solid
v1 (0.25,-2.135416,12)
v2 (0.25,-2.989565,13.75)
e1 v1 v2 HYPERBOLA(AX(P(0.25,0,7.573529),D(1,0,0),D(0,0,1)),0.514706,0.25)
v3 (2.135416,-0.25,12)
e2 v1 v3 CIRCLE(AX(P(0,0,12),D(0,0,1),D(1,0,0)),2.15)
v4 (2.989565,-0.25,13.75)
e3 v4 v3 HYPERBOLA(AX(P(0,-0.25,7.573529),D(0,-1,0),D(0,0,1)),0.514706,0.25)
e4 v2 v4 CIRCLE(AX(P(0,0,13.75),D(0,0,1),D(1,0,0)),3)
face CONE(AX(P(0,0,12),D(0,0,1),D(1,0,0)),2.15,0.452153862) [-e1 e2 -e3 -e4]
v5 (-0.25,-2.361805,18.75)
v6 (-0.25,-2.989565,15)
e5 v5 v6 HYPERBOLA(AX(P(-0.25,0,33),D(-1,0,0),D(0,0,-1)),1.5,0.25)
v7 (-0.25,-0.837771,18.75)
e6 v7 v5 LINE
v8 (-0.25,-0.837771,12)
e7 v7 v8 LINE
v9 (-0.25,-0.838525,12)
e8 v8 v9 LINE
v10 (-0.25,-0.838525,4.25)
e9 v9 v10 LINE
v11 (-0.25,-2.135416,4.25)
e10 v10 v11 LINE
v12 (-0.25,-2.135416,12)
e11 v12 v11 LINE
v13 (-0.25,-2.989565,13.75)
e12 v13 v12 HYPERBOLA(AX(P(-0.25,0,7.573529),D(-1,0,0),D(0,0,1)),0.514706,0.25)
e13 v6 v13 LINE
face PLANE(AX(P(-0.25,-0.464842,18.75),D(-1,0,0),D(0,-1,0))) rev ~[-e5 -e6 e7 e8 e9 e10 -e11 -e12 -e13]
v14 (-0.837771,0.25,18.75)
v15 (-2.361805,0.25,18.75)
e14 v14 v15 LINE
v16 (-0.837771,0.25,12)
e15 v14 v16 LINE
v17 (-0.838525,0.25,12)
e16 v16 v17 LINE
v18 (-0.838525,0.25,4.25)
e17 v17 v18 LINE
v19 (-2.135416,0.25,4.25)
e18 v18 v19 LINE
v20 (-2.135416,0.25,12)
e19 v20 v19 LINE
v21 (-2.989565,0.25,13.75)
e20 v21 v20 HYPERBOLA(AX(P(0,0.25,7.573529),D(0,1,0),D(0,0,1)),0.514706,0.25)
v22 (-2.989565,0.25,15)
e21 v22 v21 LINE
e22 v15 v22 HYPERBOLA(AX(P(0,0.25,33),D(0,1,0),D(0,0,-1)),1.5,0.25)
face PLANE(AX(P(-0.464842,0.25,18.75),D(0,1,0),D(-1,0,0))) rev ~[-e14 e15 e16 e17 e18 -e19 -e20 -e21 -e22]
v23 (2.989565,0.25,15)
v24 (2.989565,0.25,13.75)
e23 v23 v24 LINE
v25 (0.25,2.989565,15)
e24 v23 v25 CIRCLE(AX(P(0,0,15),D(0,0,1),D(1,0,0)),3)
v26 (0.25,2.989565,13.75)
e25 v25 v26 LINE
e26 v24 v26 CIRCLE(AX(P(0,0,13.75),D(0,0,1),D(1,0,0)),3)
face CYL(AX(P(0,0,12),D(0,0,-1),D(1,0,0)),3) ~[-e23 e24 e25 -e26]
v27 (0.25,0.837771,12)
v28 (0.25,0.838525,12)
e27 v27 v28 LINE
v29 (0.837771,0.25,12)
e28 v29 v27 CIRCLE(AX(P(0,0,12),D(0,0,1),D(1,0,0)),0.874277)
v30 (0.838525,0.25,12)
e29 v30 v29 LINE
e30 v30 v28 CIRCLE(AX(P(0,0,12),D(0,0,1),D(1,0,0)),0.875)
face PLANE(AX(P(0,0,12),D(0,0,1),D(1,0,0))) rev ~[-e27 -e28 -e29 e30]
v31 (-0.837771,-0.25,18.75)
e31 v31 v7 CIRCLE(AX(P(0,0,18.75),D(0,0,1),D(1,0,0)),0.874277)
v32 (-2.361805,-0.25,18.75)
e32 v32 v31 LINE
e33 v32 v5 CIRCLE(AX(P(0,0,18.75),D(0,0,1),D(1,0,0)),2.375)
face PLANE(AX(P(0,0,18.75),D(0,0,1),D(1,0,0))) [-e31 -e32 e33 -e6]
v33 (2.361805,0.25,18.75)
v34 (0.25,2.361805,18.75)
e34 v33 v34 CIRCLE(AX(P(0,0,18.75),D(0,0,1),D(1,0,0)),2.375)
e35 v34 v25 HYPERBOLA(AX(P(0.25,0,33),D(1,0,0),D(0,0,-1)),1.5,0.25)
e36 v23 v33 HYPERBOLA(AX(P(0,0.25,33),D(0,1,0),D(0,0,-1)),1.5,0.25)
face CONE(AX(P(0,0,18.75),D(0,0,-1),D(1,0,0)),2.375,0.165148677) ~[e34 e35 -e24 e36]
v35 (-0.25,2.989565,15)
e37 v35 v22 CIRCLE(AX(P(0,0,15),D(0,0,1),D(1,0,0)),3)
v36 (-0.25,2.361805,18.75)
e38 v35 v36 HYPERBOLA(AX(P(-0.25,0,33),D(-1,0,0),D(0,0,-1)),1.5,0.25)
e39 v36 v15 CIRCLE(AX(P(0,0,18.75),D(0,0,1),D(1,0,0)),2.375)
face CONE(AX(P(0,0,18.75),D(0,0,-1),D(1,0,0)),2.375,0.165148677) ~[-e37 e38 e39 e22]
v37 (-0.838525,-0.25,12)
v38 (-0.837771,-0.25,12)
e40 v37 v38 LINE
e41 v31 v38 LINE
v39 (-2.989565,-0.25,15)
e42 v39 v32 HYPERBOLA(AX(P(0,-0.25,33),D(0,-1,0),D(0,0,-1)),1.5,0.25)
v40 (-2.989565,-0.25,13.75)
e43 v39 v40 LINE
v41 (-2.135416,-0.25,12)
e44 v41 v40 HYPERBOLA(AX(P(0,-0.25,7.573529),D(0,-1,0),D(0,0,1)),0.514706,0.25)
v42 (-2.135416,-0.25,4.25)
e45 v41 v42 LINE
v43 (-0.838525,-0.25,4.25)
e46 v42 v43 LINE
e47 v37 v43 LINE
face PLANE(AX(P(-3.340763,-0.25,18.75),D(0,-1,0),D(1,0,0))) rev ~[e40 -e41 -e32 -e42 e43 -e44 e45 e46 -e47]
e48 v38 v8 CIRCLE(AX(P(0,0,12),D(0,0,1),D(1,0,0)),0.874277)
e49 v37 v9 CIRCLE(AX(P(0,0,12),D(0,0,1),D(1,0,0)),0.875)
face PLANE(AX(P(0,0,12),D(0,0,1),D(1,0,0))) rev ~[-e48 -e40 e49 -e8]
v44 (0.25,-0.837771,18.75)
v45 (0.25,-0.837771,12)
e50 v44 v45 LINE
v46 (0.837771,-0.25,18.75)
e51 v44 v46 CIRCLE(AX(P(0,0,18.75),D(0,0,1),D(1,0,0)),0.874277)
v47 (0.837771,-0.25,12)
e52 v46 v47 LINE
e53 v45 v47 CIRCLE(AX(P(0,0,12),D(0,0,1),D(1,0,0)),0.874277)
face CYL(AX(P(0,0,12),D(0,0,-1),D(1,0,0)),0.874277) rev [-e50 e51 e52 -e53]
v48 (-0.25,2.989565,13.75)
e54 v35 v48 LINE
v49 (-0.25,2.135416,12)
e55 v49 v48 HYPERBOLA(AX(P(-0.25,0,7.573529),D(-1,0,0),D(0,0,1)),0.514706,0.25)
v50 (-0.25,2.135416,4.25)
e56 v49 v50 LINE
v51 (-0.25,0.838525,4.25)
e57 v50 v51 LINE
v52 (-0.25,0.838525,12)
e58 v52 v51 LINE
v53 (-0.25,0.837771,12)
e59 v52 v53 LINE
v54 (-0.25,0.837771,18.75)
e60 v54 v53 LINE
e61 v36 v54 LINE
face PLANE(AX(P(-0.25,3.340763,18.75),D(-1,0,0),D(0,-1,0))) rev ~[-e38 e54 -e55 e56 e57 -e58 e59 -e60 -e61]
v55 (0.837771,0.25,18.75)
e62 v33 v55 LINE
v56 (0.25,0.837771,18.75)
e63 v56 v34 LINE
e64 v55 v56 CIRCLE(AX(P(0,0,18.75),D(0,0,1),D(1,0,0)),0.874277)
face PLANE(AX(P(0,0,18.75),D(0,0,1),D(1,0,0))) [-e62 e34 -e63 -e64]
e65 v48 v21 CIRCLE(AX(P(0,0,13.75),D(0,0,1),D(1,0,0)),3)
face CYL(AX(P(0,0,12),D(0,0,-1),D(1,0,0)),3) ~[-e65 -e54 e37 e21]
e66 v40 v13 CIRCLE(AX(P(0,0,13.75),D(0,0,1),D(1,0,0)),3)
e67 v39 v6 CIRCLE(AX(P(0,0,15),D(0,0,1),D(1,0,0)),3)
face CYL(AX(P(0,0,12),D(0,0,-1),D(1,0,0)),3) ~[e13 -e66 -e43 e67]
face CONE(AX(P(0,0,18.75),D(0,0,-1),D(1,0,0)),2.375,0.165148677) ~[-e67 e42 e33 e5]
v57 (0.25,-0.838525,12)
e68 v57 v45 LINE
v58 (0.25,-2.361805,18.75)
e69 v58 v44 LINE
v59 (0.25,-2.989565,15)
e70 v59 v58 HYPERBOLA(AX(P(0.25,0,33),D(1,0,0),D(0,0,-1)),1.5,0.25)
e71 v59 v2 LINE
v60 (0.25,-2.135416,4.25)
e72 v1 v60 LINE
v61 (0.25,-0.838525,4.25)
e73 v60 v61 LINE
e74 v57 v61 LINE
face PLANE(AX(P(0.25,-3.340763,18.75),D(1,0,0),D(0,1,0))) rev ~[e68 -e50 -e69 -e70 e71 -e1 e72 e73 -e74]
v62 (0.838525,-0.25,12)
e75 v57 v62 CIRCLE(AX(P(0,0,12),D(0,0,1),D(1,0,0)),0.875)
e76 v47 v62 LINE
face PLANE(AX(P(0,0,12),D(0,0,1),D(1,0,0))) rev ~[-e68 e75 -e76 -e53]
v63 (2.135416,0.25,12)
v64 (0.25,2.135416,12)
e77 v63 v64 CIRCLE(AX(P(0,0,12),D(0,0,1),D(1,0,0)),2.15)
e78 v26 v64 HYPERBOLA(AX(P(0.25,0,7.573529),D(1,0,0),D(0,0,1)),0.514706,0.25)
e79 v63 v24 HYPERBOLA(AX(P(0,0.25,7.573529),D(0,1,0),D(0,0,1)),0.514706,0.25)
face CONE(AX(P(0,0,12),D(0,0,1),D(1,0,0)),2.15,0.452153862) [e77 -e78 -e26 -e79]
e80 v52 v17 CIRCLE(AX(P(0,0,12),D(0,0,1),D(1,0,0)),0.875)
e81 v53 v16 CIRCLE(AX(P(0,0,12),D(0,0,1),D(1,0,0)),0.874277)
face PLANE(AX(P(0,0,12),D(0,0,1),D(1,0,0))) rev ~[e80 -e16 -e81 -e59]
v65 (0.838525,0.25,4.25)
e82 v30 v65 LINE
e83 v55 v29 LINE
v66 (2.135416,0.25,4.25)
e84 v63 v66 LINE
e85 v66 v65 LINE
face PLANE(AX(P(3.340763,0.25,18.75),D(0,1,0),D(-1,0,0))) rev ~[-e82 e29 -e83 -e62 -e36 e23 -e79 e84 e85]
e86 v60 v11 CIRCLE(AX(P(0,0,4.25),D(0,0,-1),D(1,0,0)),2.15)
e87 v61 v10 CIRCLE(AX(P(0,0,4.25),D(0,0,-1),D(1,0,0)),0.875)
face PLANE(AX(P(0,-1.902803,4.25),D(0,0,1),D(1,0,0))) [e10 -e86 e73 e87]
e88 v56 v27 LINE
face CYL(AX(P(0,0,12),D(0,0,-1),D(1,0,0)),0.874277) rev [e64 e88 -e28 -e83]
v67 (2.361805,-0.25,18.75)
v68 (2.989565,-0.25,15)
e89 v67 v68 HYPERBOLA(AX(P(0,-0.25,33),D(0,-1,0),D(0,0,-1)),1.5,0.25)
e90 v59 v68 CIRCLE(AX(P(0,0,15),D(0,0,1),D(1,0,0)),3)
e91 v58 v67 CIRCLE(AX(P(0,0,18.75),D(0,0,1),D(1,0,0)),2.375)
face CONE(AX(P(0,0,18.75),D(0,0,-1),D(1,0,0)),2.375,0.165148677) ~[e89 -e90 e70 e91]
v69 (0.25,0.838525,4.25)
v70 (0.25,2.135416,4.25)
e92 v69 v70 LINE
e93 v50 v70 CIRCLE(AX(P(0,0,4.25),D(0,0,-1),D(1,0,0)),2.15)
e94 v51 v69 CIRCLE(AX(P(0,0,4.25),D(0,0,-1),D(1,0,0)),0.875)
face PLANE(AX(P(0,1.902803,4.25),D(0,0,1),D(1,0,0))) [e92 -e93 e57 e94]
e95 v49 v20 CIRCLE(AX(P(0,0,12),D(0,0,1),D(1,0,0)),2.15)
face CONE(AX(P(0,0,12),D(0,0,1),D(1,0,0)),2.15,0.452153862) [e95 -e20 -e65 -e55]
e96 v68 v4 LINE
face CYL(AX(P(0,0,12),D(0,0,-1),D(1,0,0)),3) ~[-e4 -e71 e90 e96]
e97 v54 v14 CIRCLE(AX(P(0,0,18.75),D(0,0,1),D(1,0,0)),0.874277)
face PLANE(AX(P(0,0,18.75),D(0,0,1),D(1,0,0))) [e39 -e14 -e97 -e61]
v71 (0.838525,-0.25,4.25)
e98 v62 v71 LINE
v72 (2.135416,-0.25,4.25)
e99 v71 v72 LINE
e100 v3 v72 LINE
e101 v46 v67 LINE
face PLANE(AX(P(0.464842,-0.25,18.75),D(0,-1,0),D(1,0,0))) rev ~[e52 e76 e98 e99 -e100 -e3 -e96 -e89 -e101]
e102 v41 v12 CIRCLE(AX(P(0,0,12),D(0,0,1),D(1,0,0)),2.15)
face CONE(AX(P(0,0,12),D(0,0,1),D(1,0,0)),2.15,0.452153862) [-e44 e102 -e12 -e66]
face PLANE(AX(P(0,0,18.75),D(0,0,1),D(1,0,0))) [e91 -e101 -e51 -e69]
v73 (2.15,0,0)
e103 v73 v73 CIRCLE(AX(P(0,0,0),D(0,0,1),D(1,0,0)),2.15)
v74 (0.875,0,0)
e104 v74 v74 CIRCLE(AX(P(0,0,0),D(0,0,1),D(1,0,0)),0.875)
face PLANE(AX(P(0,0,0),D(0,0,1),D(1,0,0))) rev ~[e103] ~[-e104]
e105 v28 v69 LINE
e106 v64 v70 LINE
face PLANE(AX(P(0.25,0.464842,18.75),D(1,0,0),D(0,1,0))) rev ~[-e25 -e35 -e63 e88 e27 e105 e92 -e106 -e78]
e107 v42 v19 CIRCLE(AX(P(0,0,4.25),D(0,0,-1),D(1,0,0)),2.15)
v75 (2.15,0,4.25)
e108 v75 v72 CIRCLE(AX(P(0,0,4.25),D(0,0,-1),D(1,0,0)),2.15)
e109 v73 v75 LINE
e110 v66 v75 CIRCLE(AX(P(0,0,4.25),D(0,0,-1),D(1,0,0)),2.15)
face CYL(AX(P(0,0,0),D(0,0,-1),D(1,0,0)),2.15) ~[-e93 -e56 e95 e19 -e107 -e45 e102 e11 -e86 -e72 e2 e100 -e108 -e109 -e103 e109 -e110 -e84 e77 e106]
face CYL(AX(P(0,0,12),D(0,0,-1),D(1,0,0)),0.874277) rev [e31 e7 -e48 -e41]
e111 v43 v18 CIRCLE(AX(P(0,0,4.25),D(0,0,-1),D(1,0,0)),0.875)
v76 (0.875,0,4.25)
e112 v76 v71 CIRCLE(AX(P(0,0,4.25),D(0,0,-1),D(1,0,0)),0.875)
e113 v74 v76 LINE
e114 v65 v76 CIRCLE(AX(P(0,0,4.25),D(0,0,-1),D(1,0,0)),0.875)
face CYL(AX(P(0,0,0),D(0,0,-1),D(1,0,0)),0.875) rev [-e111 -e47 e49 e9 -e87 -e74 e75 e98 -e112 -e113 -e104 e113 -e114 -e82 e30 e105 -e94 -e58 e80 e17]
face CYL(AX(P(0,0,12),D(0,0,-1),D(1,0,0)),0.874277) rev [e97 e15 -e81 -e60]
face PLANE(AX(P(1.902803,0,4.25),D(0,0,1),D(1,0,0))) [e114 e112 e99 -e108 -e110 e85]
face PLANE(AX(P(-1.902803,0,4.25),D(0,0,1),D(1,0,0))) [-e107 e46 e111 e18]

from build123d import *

# Parameters (mm, degrees)
SKETCH1_R           = 2.15
SKETCH1_R_2         = 0.875
BOSS_EXTRUDE1_DEPTH = 12
SKETCH2_R           = 3
SKETCH2_R_2         = 0.874277104
BOSS_EXTRUDE2_DEPTH = 6.75
CUT_EXTRUDE1_DEPTH  = 14.5


with BuildPart() as part:
    # Sketch1 → Boss-Extrude1 (new body)
    with BuildSketch(Plane.XY):
        Circle(SKETCH1_R)
        Circle(SKETCH1_R_2, mode=Mode.SUBTRACT)
    extrude(amount=BOSS_EXTRUDE1_DEPTH)

    # Sketch2 → Boss-Extrude2 (add)
    with BuildSketch(Plane.XY.offset(12)):
        Circle(SKETCH2_R)
        Circle(SKETCH2_R_2, mode=Mode.SUBTRACT)
    extrude(amount=BOSS_EXTRUDE2_DEPTH)

    # Sketch3 → Cut-Revolve1 (revolve, cut)
    with BuildSketch(Plane(origin=(0, 0, 0), x_dir=(1, 0, 0), z_dir=(0, 1, 0))):
        Polygon((2.15, -12), (3, -13.75), (4.254862661, -13.125400589), (3.126580546, -11.371696522), align=None)
        Polygon((2.375, -18.75), (3, -15), (5.751760011, -16.421813113), (4.254862661, -20.939605223), align=None)
    revolve(axis=Axis((0, 0, 0), (0, 0, 1)), mode=Mode.SUBTRACT)

    # Sketch4 → Cut-Extrude1 (cut)
    with BuildSketch(Plane.XY.offset(18.75)):
        Polygon((0, 3.340763125), (-0.25, 3.340763125), (-0.25, 0.464842209), (0.25, 0.464842209), (0.25, 3.340763125), align=None)
        Polygon((3.340763125, 0), (3.340763125, 0.25), (0.464842209, 0.25), (0.464842209, -0.25), (3.340763125, -0.25), align=None)
        Polygon((0, -3.340763125), (0.25, -3.340763125), (0.25, -0.464842209), (-0.25, -0.464842209), (-0.25, -3.340763125), align=None)
        Polygon((-3.340763125, 0), (-3.340763125, -0.25), (-0.464842209, -0.25), (-0.464842209, 0.25), (-3.340763125, 0.25), align=None)
    extrude(amount=-CUT_EXTRUDE1_DEPTH, mode=Mode.SUBTRACT)


solid = part.part
